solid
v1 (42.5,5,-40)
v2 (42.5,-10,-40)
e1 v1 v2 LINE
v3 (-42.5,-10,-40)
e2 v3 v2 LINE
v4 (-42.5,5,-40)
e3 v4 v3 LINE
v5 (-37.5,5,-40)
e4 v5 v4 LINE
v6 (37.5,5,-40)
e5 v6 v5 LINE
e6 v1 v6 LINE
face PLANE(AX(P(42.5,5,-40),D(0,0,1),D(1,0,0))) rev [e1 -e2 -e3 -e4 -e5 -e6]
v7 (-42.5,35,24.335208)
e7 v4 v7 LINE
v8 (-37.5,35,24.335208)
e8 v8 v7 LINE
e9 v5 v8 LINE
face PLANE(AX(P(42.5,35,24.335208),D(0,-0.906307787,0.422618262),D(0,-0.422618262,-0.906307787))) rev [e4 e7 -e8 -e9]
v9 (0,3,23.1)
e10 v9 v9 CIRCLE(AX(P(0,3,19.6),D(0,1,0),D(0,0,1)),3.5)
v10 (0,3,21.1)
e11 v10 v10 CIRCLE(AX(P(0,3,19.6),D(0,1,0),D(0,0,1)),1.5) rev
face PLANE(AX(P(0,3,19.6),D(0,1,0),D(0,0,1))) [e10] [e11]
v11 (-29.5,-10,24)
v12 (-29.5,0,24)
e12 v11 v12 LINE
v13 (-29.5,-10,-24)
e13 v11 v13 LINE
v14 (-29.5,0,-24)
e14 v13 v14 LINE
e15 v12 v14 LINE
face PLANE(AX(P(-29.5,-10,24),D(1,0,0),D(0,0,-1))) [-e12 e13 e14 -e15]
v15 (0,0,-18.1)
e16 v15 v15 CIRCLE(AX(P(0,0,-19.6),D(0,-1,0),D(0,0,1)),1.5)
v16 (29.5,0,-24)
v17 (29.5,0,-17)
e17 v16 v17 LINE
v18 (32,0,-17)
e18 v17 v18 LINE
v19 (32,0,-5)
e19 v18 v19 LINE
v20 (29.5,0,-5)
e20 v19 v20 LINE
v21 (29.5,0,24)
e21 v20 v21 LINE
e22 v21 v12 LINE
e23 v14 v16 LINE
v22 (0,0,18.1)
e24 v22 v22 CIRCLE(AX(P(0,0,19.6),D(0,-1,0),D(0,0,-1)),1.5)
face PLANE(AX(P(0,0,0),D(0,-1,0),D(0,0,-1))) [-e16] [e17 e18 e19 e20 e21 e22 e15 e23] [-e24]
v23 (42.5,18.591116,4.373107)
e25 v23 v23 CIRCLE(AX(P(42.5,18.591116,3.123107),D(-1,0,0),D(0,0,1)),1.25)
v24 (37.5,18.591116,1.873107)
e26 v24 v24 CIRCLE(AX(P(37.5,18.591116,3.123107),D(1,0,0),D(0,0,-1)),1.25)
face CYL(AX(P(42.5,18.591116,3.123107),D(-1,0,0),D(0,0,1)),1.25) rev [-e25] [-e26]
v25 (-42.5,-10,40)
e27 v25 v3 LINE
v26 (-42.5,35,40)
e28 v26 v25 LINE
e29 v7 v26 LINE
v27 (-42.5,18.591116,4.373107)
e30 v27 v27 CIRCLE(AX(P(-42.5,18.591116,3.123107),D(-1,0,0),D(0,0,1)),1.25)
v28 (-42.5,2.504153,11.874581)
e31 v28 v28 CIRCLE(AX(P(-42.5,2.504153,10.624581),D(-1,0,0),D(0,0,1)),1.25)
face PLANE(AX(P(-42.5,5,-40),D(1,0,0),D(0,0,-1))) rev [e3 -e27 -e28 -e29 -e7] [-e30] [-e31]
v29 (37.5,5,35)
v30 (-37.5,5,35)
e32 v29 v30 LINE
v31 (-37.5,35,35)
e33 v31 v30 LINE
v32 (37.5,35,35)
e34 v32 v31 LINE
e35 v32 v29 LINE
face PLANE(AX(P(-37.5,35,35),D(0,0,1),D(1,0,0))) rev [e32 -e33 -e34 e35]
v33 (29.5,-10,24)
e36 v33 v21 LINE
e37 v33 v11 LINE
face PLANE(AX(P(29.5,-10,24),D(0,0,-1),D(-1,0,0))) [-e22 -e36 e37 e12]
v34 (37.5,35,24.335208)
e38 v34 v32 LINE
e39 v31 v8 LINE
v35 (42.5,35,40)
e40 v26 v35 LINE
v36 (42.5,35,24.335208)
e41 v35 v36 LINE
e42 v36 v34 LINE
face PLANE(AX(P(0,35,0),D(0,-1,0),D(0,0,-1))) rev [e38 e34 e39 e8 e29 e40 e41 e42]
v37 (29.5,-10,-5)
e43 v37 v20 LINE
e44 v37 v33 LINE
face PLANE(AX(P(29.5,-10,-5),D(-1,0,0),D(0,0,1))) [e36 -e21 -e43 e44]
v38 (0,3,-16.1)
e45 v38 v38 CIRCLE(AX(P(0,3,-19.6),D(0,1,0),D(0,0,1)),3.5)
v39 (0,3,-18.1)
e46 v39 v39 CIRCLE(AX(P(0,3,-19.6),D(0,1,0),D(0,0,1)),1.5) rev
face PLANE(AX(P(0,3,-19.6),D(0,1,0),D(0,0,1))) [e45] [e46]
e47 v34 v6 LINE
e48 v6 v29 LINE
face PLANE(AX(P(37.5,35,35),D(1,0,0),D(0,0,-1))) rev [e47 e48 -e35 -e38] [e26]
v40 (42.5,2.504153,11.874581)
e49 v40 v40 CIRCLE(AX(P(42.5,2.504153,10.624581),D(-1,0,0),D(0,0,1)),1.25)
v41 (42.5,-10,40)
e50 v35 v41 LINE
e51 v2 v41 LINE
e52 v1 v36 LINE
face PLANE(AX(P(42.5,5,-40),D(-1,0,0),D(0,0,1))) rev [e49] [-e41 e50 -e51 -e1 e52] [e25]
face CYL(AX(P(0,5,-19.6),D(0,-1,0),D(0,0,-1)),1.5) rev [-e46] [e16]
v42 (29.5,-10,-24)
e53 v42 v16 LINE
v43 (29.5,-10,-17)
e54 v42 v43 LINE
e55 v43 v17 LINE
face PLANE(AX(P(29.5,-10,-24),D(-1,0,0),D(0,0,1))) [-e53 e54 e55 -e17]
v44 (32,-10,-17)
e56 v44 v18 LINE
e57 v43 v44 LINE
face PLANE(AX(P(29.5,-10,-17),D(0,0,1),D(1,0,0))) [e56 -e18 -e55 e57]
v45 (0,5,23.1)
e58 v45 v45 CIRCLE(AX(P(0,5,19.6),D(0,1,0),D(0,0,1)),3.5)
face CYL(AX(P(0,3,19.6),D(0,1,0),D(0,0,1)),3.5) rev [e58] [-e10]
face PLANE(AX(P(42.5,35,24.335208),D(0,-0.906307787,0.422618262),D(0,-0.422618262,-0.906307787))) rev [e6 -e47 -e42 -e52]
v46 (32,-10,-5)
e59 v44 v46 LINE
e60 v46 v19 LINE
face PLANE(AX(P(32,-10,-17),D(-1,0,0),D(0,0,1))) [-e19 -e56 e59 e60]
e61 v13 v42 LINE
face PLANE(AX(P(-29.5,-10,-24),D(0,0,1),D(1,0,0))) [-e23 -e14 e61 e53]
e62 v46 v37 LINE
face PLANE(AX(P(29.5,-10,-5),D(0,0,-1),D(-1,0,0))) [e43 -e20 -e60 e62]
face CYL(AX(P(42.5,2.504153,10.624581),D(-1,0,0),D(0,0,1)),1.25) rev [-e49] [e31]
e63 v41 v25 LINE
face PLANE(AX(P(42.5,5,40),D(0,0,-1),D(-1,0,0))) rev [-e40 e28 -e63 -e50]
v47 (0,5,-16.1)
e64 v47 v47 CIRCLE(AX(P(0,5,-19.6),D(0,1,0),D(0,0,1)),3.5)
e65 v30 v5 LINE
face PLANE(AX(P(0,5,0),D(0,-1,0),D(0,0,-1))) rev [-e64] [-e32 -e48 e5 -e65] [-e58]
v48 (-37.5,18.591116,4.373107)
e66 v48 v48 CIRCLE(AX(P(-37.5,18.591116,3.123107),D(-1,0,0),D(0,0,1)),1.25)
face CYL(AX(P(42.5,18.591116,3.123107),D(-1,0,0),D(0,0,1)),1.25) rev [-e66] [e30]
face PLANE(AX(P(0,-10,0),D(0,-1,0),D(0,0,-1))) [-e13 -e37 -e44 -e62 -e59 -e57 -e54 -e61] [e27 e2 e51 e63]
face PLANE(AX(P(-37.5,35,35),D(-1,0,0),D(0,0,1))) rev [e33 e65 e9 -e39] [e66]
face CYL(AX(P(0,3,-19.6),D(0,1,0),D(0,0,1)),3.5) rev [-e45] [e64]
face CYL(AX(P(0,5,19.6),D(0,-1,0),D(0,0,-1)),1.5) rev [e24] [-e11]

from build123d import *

# Parameters (mm, degrees)
SKETCH1_W           = 85
SKETCH1_H           = 80
BOSS_EXTRUDE1_DEPTH = 5
SKETCH2_R           = 1.5
CUT_EXTRUDE1_DEPTH  = 59.576872569
BOSS_EXTRUDE3_DEPTH = 30
SKETCH5_R           = 3.5
CUT_EXTRUDE2_DEPTH  = 2
SKETCH6_R           = 1.25
CUT_EXTRUDE3_DEPTH  = 101.249688279
SKETCH3_W           = 85
SKETCH3_H           = 80
BOSS_EXTRUDE4_DEPTH = 10


with BuildPart() as part:
    # Sketch1 → Boss-Extrude1 (new body)
    with BuildSketch(Plane(origin=(0, 0, 0), x_dir=(1, 0, 0), z_dir=(0, 1, 0))):
        Rectangle(SKETCH1_W, SKETCH1_H)
    extrude(amount=BOSS_EXTRUDE1_DEPTH)

    # Sketch2 → Cut-Extrude1 (cut, through all)
    with BuildSketch(Plane.XZ):
        with Locations(Location((0, 19.6, 0), (0, 0, 270))):
            Circle(SKETCH2_R)
        with Locations(Location((0, -19.6, 0), (0, 0, 90))):
            Circle(SKETCH2_R)
    extrude(amount=-CUT_EXTRUDE1_DEPTH, mode=Mode.SUBTRACT)

    # Sketch4 → Boss-Extrude3 (add)
    with BuildSketch(Plane(origin=(0, 5, 0), x_dir=(1, 0, 0), z_dir=(0, 1, 0))):
        Polygon((-42.5, -40), (-42.5, 40), (-37.5, 40), (-37.5, -35), (37.5, -35), (37.5, 40), (42.5, 40), (42.5, -40), align=None)
    extrude(amount=BOSS_EXTRUDE3_DEPTH)

    # Sketch5 → Cut-Extrude2 (cut)
    with BuildSketch(Plane(origin=(0, 5, 0), x_dir=(1, 0, 0), z_dir=(0, 1, 0))):
        with Locations(Location((0, 19.6, 0), (0, 0, 270))):
            Circle(SKETCH5_R)
        with Locations(Location((0, -19.6, 0), (0, 0, 270))):
            Circle(SKETCH5_R)
    extrude(amount=-CUT_EXTRUDE2_DEPTH, mode=Mode.SUBTRACT)

    # Sketch6 → Cut-Extrude3 (cut, through all)
    with BuildSketch(Plane.ZY.offset(42.5)):
        with Locations((10.624581332, 2.504153155)):
            Circle(SKETCH6_R)
        with Locations((3.123107186, 18.591116375)):
            Circle(SKETCH6_R)
        Polygon((24.335207615, 35), (-40, 5), (-40, 35), align=None)
    extrude(amount=-CUT_EXTRUDE3_DEPTH, mode=Mode.SUBTRACT)

    # Sketch3 → Boss-Extrude4 (add)
    with BuildSketch(Plane.XZ):
        Rectangle(SKETCH3_W, SKETCH3_H)
        Polygon((29.5, -17), (32, -17), (32, -5), (29.5, -5), (29.5, 24), (-29.5, 24), (-29.5, -24), (29.5, -24), align=None, mode=Mode.SUBTRACT)
    extrude(amount=BOSS_EXTRUDE4_DEPTH)


solid = part.part
